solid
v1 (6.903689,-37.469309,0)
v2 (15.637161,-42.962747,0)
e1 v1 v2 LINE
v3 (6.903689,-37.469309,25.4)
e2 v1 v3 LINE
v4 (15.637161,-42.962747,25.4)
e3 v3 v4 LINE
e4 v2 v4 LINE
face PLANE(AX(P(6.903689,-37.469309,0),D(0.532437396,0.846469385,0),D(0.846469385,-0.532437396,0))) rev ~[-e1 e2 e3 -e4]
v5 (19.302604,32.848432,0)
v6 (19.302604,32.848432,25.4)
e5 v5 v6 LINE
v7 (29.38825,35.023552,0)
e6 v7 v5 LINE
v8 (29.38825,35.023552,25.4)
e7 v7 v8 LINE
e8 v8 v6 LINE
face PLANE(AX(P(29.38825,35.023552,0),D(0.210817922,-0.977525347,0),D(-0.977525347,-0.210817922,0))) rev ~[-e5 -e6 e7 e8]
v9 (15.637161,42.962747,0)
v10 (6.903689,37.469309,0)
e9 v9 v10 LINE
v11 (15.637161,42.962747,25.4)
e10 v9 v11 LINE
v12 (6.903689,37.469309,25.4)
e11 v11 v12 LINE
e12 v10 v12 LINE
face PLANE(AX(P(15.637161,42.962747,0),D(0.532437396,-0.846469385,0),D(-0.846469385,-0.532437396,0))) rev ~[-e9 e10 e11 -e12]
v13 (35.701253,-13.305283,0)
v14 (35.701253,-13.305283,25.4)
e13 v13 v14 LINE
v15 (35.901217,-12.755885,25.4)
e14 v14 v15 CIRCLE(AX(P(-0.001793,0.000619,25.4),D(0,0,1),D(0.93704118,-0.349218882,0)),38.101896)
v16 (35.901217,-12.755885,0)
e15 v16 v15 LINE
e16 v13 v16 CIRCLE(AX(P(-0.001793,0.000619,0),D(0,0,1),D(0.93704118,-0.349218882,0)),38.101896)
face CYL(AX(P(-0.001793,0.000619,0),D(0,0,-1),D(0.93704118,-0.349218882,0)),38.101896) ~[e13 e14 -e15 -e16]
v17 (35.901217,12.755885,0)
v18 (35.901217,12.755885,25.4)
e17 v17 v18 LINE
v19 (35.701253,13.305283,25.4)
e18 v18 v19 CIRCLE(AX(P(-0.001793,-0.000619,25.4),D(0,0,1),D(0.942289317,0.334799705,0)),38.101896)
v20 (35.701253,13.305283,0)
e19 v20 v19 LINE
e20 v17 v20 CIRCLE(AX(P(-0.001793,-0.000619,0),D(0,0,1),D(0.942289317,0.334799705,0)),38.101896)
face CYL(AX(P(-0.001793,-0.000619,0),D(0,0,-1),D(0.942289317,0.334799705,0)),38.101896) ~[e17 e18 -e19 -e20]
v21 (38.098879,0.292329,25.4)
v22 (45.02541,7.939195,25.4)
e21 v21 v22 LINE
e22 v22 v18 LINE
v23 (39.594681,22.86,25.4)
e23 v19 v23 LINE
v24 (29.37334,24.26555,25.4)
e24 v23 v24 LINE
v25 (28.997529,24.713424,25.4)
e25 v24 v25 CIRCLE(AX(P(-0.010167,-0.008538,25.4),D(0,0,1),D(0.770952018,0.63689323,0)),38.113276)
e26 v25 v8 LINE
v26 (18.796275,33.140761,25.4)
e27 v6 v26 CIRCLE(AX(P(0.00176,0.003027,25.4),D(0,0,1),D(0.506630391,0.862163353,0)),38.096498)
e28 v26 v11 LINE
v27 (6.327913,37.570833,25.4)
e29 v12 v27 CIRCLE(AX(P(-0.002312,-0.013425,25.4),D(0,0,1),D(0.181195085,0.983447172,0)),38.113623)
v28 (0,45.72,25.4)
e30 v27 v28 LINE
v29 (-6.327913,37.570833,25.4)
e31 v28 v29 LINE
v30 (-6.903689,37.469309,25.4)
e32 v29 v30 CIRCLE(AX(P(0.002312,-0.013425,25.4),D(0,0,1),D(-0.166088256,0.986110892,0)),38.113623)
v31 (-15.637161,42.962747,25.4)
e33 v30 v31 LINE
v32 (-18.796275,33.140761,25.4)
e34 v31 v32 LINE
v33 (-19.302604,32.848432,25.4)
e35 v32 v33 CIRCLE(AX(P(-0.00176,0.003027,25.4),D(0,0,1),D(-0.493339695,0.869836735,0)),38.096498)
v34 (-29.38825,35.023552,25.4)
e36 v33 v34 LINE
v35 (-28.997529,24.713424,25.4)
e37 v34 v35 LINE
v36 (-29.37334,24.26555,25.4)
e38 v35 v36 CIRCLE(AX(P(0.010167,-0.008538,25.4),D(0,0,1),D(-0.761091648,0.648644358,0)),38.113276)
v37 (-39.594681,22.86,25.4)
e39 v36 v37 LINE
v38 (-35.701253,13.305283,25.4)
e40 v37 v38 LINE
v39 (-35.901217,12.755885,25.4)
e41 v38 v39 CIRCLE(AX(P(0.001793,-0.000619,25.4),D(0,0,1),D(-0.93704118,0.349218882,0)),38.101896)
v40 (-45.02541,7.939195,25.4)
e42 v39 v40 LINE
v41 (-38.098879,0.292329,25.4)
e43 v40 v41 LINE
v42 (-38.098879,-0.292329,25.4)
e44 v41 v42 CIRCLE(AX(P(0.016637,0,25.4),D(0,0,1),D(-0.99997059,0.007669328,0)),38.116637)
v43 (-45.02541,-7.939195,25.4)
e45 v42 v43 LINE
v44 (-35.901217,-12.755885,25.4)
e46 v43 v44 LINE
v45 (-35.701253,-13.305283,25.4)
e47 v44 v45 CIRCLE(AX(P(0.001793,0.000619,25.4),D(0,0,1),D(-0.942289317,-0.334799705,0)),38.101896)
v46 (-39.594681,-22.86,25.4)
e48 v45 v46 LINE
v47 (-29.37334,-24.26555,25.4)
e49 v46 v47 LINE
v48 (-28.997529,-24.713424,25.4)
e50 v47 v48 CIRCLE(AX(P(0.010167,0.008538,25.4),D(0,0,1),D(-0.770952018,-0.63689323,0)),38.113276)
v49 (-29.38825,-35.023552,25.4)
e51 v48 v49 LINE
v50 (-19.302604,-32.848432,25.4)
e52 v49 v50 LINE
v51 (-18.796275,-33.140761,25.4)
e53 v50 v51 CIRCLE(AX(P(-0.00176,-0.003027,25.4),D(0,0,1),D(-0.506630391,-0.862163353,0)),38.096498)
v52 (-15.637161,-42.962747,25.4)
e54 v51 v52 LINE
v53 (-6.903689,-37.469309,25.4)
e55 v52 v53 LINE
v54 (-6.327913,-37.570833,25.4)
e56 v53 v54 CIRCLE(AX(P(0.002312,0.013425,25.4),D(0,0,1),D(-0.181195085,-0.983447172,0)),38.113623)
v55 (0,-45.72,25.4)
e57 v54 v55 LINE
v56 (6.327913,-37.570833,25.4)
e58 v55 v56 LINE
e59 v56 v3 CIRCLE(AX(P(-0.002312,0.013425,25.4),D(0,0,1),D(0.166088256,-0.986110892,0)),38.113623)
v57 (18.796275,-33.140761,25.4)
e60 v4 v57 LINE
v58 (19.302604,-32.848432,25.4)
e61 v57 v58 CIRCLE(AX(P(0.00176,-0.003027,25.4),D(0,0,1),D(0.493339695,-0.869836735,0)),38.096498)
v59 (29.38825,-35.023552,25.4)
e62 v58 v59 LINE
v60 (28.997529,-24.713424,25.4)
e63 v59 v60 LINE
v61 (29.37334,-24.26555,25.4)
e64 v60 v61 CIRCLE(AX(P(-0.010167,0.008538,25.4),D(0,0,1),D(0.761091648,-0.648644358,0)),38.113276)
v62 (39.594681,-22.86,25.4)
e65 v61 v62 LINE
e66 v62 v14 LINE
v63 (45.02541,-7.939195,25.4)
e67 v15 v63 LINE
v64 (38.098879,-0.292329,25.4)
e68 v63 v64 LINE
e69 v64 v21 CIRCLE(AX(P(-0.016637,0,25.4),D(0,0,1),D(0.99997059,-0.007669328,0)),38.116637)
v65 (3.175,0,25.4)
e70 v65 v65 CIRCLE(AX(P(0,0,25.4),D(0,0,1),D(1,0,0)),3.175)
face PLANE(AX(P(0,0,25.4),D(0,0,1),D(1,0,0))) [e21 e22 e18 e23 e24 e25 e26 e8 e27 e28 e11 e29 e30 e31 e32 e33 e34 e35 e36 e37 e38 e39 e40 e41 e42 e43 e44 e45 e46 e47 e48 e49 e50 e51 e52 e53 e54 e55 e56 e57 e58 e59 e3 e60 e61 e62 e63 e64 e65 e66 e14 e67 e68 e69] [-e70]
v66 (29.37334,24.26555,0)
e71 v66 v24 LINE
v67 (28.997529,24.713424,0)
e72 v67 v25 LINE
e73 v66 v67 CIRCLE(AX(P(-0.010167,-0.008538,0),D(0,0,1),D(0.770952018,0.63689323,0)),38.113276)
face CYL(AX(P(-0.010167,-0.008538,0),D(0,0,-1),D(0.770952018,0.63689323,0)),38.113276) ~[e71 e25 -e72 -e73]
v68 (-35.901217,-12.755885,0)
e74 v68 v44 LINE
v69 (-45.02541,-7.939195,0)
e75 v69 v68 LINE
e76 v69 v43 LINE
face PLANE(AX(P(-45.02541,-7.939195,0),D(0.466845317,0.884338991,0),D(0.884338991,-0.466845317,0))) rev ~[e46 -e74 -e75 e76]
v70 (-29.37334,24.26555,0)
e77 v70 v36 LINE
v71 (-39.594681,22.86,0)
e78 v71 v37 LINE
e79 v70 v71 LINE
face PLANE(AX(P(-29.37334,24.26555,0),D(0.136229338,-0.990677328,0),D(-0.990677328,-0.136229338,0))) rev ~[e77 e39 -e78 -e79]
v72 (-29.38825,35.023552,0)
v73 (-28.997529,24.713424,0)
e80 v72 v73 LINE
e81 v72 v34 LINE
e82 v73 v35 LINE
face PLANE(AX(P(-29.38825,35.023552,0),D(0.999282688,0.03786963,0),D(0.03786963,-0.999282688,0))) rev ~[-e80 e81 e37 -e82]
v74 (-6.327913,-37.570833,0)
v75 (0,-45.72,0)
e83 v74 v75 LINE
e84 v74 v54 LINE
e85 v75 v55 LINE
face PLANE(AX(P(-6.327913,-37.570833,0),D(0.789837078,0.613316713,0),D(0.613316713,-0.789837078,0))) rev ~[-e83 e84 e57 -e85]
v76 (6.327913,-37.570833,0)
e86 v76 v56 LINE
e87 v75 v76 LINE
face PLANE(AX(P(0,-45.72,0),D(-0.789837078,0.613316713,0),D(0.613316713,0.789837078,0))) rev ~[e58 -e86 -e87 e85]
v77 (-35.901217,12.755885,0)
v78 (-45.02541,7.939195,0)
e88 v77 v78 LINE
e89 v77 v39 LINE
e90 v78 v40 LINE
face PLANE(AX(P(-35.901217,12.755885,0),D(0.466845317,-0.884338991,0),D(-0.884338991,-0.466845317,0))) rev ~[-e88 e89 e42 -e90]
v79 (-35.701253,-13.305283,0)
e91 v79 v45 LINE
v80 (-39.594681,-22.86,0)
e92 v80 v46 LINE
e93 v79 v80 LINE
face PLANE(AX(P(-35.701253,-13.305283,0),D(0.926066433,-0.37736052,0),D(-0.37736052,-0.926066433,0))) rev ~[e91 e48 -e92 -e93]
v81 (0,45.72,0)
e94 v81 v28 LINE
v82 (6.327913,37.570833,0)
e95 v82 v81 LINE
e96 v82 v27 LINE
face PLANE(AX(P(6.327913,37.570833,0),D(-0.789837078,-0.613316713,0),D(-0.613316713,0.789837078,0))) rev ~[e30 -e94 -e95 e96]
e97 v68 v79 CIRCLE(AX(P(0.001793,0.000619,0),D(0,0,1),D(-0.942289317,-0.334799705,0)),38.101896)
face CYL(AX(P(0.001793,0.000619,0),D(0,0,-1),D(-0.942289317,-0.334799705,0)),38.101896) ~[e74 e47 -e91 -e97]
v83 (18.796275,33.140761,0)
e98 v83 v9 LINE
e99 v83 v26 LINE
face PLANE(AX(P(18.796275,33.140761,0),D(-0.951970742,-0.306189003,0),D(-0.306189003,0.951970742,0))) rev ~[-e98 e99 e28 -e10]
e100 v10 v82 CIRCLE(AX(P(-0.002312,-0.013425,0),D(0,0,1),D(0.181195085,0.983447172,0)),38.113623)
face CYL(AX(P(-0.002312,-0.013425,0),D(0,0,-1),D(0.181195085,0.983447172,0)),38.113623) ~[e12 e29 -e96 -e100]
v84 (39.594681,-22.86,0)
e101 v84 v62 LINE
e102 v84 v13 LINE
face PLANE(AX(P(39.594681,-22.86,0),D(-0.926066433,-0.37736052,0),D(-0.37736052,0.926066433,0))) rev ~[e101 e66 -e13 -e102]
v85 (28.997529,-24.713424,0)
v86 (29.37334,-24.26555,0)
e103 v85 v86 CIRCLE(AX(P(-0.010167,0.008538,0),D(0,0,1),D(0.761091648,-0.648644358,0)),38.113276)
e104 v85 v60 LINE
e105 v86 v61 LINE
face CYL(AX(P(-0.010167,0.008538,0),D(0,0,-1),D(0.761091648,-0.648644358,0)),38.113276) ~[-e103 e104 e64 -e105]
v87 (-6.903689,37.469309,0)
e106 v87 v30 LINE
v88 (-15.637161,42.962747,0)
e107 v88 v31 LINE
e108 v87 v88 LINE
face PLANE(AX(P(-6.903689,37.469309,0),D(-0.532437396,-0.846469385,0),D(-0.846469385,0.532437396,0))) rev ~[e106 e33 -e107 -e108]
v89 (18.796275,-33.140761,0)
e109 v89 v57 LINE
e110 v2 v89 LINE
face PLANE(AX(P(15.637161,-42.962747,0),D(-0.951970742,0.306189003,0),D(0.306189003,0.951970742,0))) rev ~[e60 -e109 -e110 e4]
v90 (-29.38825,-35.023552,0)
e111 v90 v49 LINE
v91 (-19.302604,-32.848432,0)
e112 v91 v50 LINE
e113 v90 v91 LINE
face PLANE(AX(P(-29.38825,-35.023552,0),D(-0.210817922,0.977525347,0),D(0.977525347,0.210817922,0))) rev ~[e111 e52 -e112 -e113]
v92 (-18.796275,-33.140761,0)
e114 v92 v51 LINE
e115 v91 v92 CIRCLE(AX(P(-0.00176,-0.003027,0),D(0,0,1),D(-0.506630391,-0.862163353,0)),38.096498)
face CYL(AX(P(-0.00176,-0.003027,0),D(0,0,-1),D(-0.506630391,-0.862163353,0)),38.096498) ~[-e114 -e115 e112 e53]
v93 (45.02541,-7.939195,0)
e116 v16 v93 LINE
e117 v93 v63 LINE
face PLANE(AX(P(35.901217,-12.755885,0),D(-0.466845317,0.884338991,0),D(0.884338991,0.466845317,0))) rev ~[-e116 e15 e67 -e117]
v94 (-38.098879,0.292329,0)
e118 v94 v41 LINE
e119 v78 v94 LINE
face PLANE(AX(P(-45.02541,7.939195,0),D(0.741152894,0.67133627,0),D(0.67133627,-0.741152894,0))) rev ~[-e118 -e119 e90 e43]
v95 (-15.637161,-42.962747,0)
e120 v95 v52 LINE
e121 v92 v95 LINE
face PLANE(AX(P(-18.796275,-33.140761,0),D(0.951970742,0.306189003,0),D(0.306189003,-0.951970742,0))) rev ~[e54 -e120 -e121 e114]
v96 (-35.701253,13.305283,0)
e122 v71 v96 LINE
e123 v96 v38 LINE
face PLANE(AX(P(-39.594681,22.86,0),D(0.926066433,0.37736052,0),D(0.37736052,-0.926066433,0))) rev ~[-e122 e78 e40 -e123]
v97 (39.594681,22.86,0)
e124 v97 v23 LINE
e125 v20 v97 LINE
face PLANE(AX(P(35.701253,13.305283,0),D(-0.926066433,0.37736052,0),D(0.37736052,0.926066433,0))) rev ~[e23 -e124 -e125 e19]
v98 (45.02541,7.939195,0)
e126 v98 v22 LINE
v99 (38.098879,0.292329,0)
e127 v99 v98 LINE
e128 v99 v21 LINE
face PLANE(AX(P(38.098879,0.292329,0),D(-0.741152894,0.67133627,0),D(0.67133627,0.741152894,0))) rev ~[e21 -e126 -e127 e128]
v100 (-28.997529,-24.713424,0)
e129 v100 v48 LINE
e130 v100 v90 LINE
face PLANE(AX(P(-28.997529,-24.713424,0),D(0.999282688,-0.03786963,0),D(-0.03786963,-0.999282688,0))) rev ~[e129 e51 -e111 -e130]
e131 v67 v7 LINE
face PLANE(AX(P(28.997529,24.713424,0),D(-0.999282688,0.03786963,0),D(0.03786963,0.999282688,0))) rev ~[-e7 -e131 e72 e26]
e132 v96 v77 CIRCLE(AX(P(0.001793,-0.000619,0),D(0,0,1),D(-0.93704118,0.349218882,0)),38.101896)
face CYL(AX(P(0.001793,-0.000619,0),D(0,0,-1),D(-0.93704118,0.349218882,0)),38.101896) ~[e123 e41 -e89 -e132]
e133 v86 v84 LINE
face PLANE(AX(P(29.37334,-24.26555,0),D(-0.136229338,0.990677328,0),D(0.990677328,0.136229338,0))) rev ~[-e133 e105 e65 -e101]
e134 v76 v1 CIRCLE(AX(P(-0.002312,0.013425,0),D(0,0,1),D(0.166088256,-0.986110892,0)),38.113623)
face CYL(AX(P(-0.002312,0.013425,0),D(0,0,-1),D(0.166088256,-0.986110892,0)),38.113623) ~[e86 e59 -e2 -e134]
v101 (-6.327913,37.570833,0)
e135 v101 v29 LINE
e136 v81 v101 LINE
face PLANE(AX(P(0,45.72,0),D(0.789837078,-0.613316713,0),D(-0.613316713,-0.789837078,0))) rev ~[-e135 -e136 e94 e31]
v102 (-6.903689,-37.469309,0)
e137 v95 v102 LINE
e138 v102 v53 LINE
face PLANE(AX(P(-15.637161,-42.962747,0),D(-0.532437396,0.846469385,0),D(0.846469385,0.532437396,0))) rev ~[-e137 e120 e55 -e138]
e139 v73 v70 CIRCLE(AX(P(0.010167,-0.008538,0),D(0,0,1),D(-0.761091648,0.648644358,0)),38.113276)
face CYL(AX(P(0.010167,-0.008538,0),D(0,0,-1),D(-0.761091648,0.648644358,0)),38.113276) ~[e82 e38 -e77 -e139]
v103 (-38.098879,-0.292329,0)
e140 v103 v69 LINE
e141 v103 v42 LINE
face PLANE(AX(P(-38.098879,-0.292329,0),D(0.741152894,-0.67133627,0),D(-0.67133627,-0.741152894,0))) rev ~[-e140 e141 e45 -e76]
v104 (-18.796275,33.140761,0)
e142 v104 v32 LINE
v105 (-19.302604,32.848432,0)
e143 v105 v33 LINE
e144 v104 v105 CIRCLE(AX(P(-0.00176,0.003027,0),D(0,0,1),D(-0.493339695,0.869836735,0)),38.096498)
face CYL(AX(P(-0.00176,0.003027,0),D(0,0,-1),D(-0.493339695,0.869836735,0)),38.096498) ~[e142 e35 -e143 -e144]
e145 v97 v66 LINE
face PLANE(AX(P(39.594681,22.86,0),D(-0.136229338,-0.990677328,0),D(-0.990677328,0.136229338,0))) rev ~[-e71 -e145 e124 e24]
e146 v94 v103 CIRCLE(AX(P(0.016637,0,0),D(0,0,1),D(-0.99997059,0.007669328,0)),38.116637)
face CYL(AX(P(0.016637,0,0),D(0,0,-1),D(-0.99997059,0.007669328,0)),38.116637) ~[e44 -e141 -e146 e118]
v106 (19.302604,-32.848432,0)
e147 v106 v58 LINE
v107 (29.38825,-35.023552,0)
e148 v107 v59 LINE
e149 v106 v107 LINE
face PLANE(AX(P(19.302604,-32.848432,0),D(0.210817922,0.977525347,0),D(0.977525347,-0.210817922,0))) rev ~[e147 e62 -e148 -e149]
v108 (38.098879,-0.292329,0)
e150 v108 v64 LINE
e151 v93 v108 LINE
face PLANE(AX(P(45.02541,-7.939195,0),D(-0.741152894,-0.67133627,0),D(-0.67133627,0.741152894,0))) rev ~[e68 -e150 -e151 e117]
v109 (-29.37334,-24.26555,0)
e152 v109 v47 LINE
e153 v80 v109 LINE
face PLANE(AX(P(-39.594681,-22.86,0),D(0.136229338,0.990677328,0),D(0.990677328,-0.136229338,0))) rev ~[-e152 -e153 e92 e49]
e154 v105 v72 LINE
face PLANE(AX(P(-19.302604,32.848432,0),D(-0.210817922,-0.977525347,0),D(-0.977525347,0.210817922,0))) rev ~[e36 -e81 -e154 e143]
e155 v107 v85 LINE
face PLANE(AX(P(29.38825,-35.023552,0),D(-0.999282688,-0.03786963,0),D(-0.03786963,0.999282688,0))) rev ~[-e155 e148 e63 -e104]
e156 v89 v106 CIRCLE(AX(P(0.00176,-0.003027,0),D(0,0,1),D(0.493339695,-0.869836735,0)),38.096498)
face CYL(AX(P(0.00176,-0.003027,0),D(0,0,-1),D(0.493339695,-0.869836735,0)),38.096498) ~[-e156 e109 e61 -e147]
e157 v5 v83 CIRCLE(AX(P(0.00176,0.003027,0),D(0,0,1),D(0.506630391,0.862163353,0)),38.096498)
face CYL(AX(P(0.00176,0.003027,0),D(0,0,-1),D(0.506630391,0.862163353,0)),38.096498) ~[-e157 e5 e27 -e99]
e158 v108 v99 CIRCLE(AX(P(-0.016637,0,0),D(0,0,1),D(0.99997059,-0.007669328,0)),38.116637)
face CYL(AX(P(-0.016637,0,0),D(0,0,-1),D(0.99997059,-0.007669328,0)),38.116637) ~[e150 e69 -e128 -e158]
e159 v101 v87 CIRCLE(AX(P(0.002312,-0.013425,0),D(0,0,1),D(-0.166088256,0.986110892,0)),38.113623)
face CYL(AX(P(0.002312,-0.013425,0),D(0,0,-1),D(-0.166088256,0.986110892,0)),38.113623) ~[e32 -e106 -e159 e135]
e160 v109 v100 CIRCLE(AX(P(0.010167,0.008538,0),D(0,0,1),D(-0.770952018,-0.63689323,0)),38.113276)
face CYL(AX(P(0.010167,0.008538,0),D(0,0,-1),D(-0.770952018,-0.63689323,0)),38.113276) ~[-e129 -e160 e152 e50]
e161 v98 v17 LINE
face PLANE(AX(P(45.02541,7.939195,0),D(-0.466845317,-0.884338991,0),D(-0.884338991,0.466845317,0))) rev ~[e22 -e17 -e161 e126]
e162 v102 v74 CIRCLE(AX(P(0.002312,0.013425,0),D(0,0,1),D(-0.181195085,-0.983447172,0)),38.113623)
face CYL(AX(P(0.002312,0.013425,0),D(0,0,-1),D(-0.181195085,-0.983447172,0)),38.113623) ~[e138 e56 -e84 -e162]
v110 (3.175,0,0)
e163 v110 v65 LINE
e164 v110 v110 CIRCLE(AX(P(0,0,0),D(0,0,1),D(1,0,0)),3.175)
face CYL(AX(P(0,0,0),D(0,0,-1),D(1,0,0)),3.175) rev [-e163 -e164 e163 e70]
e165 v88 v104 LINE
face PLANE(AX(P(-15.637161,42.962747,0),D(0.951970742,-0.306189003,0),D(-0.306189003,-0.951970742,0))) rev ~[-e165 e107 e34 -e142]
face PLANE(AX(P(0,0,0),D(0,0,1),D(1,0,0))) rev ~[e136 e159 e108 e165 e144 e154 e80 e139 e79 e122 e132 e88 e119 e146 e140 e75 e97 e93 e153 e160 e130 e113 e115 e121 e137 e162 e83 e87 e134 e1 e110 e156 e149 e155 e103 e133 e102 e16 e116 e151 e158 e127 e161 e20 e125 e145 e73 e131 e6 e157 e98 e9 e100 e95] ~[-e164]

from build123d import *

# Parameters (mm, degrees)
F0_R     = 3.175
F1_DEPTH = 25.4


with BuildPart() as f1:
    # F0 (on Top) → F1 (new body)
    with BuildSketch(Plane.XY):
        with BuildLine():
            Line((0, 45.72), (-6.327913, 37.570833))
            ThreePointArc((-6.327913, 37.570833), (-6.615996, 37.521175), (-6.903689, 37.469309))
            Line((-6.903689, 37.469309), (-15.637161, 42.962747))
            Line((-15.637161, 42.962747), (-18.796275, 33.140761))
            ThreePointArc((-18.796275, 33.140761), (-19.05, 32.995568), (-19.302604, 32.848432))
            Line((-19.302604, 32.848432), (-29.38825, 35.023552))
            Line((-29.38825, 35.023552), (-28.997529, 24.713424))
            ThreePointArc((-28.997529, 24.713424), (-29.186293, 24.490208), (-29.37334, 24.26555))
            Line((-29.37334, 24.26555), (-39.594681, 22.86))
            Line((-39.594681, 22.86), (-35.701253, 13.305283))
            ThreePointArc((-35.701253, 13.305283), (-35.802289, 13.030967), (-35.901217, 12.755885))
            Line((-35.901217, 12.755885), (-45.02541, 7.939195))
            Line((-45.02541, 7.939195), (-38.098879, 0.292329))
            ThreePointArc((-38.098879, 0.292329), (-38.1, 0), (-38.098879, -0.292329))
            Line((-38.098879, -0.292329), (-45.02541, -7.939195))
            Line((-45.02541, -7.939195), (-35.901217, -12.755885))
            ThreePointArc((-35.901217, -12.755885), (-35.802289, -13.030967), (-35.701253, -13.305283))
            Line((-35.701253, -13.305283), (-39.594681, -22.86))
            Line((-39.594681, -22.86), (-29.37334, -24.26555))
            ThreePointArc((-29.37334, -24.26555), (-29.186293, -24.490208), (-28.997529, -24.713424))
            Line((-28.997529, -24.713424), (-29.38825, -35.023552))
            Line((-29.38825, -35.023552), (-19.302604, -32.848432))
            ThreePointArc((-19.302604, -32.848432), (-19.05, -32.995568), (-18.796275, -33.140761))
            Line((-18.796275, -33.140761), (-15.637161, -42.962747))
            Line((-15.637161, -42.962747), (-6.903689, -37.469309))
            ThreePointArc((-6.903689, -37.469309), (-6.615996, -37.521175), (-6.327913, -37.570833))
            Line((-6.327913, -37.570833), (0, -45.72))
            Line((0, -45.72), (6.327913, -37.570833))
            ThreePointArc((6.327913, -37.570833), (6.615996, -37.521175), (6.903689, -37.469309))
            Line((6.903689, -37.469309), (15.637161, -42.962747))
            Line((15.637161, -42.962747), (18.796275, -33.140761))
            ThreePointArc((18.796275, -33.140761), (19.05, -32.995568), (19.302604, -32.848432))
            Line((19.302604, -32.848432), (29.38825, -35.023552))
            Line((29.38825, -35.023552), (28.997529, -24.713424))
            ThreePointArc((28.997529, -24.713424), (29.186293, -24.490208), (29.37334, -24.26555))
            Line((29.37334, -24.26555), (39.594681, -22.86))
            Line((39.594681, -22.86), (35.701253, -13.305283))
            ThreePointArc((35.701253, -13.305283), (35.802289, -13.030967), (35.901217, -12.755885))
            Line((35.901217, -12.755885), (45.02541, -7.939195))
            Line((45.02541, -7.939195), (38.098879, -0.292329))
            ThreePointArc((38.098879, -0.292329), (38.1, 0), (38.098879, 0.292329))
            Line((38.098879, 0.292329), (45.02541, 7.939195))
            Line((45.02541, 7.939195), (35.901217, 12.755885))
            ThreePointArc((35.901217, 12.755885), (35.802289, 13.030967), (35.701253, 13.305283))
            Line((35.701253, 13.305283), (39.594681, 22.86))
            Line((39.594681, 22.86), (29.37334, 24.26555))
            ThreePointArc((29.37334, 24.26555), (29.186293, 24.490208), (28.997529, 24.713424))
            Line((28.997529, 24.713424), (29.38825, 35.023552))
            Line((29.38825, 35.023552), (19.302604, 32.848432))
            ThreePointArc((19.302604, 32.848432), (19.05, 32.995568), (18.796275, 33.140761))
            Line((18.796275, 33.140761), (15.637161, 42.962747))
            Line((15.637161, 42.962747), (6.903689, 37.469309))
            ThreePointArc((6.903689, 37.469309), (6.615996, 37.521175), (6.327913, 37.570833))
            Line((6.327913, 37.570833), (0, 45.72))
        make_face()
        Circle(F0_R, mode=Mode.SUBTRACT)
    extrude(amount=F1_DEPTH)


solid = f1.part
